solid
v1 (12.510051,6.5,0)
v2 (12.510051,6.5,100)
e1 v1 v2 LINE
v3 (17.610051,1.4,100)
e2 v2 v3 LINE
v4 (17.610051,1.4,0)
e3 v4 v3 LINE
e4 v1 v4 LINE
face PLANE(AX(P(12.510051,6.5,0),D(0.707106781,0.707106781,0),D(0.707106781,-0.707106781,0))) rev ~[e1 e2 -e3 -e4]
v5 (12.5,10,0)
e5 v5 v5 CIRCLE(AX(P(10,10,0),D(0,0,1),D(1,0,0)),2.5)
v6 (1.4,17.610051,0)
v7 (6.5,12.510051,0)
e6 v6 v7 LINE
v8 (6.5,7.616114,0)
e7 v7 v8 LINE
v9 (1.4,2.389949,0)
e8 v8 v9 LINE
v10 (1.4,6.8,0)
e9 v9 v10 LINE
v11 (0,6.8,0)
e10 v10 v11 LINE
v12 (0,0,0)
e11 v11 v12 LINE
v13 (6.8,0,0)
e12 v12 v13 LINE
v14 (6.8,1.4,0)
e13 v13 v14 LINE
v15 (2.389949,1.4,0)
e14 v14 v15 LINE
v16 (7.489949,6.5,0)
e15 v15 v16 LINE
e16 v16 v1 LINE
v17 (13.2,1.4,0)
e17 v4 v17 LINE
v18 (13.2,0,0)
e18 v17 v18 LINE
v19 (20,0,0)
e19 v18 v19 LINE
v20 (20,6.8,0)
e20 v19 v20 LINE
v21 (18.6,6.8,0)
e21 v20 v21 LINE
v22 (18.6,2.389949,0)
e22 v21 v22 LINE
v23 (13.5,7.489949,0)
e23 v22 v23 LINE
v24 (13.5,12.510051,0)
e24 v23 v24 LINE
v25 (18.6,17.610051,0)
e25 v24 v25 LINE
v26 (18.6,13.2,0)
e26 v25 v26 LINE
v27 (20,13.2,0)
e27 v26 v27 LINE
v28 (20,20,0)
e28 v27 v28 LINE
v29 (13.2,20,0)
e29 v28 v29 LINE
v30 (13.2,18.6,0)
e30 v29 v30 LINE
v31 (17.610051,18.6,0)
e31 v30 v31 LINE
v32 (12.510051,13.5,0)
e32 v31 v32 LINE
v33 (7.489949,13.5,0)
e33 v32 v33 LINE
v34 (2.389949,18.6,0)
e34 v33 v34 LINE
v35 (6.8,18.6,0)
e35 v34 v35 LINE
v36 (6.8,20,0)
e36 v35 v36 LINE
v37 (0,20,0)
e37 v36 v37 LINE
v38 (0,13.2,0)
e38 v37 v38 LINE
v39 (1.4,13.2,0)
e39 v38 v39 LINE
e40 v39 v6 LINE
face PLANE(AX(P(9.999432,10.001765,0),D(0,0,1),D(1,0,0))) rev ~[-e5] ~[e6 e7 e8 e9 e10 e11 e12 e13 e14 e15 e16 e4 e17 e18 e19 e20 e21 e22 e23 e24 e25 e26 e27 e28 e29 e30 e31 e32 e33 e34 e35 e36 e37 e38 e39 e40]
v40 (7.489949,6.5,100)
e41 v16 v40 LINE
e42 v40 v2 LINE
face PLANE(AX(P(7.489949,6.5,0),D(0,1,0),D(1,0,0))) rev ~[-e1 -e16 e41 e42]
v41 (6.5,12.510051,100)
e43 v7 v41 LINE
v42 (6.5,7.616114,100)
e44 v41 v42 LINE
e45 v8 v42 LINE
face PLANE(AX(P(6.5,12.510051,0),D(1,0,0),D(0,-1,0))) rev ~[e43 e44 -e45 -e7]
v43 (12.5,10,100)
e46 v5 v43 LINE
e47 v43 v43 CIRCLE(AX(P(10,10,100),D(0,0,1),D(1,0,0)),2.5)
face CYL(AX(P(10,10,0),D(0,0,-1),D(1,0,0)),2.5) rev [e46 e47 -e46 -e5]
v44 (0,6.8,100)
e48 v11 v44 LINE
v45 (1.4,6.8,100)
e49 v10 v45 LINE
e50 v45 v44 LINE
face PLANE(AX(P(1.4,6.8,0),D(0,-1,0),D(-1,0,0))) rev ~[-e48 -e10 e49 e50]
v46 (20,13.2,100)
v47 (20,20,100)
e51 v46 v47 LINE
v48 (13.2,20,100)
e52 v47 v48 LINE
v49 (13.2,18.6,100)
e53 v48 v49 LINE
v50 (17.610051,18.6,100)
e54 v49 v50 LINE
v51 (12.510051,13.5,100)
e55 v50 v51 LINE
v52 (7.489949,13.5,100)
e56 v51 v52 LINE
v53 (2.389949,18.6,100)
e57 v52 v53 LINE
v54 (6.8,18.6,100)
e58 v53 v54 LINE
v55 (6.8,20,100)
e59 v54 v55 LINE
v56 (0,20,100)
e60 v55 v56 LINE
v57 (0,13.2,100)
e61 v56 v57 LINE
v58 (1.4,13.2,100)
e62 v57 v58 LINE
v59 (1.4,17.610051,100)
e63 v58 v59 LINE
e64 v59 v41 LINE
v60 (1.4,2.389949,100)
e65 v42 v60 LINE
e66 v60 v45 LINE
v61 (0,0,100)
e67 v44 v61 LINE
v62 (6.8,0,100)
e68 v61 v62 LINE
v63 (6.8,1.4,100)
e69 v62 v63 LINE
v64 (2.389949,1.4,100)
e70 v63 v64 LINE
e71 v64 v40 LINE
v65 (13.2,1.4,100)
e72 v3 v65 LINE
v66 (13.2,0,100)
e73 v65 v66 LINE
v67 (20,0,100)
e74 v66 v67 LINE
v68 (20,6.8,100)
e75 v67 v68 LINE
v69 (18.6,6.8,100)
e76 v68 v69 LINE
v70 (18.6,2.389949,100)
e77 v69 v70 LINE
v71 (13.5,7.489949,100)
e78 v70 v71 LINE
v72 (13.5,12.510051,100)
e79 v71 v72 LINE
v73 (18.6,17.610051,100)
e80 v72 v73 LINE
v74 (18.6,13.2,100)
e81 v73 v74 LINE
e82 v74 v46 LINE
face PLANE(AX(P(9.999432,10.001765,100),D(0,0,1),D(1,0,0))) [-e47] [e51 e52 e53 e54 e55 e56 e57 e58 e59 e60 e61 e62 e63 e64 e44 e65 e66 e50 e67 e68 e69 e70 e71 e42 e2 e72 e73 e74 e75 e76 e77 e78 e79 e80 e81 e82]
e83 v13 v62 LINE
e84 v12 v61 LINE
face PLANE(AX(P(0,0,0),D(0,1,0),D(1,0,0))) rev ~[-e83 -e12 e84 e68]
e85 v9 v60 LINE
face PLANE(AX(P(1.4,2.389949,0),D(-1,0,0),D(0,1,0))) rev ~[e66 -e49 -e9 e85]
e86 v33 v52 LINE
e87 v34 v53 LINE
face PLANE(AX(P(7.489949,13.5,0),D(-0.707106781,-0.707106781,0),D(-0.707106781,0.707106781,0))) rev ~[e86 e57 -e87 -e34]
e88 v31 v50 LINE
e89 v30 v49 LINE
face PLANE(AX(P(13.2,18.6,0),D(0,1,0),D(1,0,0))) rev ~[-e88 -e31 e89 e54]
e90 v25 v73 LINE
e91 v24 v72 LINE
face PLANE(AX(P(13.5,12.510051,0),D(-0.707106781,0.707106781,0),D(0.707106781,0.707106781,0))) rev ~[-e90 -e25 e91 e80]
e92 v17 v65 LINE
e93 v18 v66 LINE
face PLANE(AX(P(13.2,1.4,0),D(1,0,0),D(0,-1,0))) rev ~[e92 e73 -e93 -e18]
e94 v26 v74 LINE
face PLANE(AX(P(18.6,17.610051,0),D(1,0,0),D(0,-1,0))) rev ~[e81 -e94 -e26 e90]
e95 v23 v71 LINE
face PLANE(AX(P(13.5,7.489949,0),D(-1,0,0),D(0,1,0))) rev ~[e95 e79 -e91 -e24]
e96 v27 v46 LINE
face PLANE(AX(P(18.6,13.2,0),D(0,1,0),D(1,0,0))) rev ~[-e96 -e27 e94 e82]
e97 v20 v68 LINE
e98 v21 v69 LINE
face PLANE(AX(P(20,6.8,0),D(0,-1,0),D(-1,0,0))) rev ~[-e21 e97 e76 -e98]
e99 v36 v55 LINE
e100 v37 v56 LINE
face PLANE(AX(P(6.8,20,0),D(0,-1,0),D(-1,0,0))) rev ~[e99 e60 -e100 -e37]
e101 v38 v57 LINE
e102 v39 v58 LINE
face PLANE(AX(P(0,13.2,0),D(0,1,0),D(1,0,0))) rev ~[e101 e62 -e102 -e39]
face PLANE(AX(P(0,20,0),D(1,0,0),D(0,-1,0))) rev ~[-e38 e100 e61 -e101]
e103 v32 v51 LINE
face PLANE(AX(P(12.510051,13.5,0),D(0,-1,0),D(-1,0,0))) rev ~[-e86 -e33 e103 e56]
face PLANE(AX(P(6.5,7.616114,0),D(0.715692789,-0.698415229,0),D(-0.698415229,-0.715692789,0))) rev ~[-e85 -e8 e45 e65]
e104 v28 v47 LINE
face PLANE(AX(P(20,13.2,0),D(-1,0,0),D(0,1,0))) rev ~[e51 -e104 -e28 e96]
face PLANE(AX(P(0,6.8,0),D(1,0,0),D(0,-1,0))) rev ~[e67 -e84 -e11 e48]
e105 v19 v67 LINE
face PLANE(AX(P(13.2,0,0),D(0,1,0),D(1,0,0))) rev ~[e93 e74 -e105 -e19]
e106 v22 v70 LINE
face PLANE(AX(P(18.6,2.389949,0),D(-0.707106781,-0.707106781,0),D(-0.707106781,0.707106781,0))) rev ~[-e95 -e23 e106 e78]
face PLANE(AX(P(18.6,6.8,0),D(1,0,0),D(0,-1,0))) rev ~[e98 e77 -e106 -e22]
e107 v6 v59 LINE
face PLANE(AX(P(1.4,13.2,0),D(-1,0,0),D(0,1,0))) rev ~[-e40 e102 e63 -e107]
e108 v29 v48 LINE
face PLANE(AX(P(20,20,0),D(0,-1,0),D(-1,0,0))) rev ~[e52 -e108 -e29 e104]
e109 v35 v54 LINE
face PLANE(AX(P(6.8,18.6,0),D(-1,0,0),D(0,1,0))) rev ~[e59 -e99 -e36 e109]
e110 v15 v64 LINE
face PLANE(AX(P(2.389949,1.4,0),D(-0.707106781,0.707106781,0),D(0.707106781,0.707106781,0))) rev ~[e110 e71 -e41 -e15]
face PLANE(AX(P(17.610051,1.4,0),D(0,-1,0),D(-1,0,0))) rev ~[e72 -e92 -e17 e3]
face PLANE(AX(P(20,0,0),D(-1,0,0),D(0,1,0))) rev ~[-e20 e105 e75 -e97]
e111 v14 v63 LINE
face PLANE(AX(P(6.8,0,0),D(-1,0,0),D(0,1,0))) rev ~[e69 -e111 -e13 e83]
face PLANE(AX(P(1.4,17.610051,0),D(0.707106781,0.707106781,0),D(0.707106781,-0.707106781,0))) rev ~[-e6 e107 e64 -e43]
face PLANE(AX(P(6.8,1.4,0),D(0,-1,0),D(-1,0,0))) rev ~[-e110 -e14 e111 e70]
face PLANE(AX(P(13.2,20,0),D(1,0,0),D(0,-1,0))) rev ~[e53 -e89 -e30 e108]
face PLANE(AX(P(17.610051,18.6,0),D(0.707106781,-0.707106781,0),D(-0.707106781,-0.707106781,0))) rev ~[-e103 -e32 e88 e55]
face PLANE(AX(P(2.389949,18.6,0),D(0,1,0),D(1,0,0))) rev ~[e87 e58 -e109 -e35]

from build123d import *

# Parameters (mm, degrees)
F0_R     = 2.5
F1_DEPTH = 100


with BuildPart() as f1:
    # F0 (on Top) → F1 (new body)
    with BuildSketch(Plane.XY):
        Polygon((6.5, 7.616114), (1.4, 2.389949), (1.4, 6.8), (0, 6.8), (0, 0), (6.8, 0), (6.8, 1.4), (2.389949, 1.4), (7.489949, 6.5), (12.510051, 6.5), (17.610051, 1.4), (13.2, 1.4), (13.2, 0), (20, 0), (20, 6.8), (18.6, 6.8), (18.6, 2.389949), (13.5, 7.489949), (13.5, 12.510051), (18.6, 17.610051), (18.6, 13.2), (20, 13.2), (20, 20), (13.2, 20), (13.2, 18.6), (17.610051, 18.6), (12.510051, 13.5), (7.489949, 13.5), (2.389949, 18.6), (6.8, 18.6), (6.8, 20), (0, 20), (0, 13.2), (1.4, 13.2), (1.4, 17.610051), (6.5, 12.510051), align=None)
        with Locations((10, 10)):
            Circle(F0_R, mode=Mode.SUBTRACT)
    extrude(amount=F1_DEPTH)


solid = f1.part
